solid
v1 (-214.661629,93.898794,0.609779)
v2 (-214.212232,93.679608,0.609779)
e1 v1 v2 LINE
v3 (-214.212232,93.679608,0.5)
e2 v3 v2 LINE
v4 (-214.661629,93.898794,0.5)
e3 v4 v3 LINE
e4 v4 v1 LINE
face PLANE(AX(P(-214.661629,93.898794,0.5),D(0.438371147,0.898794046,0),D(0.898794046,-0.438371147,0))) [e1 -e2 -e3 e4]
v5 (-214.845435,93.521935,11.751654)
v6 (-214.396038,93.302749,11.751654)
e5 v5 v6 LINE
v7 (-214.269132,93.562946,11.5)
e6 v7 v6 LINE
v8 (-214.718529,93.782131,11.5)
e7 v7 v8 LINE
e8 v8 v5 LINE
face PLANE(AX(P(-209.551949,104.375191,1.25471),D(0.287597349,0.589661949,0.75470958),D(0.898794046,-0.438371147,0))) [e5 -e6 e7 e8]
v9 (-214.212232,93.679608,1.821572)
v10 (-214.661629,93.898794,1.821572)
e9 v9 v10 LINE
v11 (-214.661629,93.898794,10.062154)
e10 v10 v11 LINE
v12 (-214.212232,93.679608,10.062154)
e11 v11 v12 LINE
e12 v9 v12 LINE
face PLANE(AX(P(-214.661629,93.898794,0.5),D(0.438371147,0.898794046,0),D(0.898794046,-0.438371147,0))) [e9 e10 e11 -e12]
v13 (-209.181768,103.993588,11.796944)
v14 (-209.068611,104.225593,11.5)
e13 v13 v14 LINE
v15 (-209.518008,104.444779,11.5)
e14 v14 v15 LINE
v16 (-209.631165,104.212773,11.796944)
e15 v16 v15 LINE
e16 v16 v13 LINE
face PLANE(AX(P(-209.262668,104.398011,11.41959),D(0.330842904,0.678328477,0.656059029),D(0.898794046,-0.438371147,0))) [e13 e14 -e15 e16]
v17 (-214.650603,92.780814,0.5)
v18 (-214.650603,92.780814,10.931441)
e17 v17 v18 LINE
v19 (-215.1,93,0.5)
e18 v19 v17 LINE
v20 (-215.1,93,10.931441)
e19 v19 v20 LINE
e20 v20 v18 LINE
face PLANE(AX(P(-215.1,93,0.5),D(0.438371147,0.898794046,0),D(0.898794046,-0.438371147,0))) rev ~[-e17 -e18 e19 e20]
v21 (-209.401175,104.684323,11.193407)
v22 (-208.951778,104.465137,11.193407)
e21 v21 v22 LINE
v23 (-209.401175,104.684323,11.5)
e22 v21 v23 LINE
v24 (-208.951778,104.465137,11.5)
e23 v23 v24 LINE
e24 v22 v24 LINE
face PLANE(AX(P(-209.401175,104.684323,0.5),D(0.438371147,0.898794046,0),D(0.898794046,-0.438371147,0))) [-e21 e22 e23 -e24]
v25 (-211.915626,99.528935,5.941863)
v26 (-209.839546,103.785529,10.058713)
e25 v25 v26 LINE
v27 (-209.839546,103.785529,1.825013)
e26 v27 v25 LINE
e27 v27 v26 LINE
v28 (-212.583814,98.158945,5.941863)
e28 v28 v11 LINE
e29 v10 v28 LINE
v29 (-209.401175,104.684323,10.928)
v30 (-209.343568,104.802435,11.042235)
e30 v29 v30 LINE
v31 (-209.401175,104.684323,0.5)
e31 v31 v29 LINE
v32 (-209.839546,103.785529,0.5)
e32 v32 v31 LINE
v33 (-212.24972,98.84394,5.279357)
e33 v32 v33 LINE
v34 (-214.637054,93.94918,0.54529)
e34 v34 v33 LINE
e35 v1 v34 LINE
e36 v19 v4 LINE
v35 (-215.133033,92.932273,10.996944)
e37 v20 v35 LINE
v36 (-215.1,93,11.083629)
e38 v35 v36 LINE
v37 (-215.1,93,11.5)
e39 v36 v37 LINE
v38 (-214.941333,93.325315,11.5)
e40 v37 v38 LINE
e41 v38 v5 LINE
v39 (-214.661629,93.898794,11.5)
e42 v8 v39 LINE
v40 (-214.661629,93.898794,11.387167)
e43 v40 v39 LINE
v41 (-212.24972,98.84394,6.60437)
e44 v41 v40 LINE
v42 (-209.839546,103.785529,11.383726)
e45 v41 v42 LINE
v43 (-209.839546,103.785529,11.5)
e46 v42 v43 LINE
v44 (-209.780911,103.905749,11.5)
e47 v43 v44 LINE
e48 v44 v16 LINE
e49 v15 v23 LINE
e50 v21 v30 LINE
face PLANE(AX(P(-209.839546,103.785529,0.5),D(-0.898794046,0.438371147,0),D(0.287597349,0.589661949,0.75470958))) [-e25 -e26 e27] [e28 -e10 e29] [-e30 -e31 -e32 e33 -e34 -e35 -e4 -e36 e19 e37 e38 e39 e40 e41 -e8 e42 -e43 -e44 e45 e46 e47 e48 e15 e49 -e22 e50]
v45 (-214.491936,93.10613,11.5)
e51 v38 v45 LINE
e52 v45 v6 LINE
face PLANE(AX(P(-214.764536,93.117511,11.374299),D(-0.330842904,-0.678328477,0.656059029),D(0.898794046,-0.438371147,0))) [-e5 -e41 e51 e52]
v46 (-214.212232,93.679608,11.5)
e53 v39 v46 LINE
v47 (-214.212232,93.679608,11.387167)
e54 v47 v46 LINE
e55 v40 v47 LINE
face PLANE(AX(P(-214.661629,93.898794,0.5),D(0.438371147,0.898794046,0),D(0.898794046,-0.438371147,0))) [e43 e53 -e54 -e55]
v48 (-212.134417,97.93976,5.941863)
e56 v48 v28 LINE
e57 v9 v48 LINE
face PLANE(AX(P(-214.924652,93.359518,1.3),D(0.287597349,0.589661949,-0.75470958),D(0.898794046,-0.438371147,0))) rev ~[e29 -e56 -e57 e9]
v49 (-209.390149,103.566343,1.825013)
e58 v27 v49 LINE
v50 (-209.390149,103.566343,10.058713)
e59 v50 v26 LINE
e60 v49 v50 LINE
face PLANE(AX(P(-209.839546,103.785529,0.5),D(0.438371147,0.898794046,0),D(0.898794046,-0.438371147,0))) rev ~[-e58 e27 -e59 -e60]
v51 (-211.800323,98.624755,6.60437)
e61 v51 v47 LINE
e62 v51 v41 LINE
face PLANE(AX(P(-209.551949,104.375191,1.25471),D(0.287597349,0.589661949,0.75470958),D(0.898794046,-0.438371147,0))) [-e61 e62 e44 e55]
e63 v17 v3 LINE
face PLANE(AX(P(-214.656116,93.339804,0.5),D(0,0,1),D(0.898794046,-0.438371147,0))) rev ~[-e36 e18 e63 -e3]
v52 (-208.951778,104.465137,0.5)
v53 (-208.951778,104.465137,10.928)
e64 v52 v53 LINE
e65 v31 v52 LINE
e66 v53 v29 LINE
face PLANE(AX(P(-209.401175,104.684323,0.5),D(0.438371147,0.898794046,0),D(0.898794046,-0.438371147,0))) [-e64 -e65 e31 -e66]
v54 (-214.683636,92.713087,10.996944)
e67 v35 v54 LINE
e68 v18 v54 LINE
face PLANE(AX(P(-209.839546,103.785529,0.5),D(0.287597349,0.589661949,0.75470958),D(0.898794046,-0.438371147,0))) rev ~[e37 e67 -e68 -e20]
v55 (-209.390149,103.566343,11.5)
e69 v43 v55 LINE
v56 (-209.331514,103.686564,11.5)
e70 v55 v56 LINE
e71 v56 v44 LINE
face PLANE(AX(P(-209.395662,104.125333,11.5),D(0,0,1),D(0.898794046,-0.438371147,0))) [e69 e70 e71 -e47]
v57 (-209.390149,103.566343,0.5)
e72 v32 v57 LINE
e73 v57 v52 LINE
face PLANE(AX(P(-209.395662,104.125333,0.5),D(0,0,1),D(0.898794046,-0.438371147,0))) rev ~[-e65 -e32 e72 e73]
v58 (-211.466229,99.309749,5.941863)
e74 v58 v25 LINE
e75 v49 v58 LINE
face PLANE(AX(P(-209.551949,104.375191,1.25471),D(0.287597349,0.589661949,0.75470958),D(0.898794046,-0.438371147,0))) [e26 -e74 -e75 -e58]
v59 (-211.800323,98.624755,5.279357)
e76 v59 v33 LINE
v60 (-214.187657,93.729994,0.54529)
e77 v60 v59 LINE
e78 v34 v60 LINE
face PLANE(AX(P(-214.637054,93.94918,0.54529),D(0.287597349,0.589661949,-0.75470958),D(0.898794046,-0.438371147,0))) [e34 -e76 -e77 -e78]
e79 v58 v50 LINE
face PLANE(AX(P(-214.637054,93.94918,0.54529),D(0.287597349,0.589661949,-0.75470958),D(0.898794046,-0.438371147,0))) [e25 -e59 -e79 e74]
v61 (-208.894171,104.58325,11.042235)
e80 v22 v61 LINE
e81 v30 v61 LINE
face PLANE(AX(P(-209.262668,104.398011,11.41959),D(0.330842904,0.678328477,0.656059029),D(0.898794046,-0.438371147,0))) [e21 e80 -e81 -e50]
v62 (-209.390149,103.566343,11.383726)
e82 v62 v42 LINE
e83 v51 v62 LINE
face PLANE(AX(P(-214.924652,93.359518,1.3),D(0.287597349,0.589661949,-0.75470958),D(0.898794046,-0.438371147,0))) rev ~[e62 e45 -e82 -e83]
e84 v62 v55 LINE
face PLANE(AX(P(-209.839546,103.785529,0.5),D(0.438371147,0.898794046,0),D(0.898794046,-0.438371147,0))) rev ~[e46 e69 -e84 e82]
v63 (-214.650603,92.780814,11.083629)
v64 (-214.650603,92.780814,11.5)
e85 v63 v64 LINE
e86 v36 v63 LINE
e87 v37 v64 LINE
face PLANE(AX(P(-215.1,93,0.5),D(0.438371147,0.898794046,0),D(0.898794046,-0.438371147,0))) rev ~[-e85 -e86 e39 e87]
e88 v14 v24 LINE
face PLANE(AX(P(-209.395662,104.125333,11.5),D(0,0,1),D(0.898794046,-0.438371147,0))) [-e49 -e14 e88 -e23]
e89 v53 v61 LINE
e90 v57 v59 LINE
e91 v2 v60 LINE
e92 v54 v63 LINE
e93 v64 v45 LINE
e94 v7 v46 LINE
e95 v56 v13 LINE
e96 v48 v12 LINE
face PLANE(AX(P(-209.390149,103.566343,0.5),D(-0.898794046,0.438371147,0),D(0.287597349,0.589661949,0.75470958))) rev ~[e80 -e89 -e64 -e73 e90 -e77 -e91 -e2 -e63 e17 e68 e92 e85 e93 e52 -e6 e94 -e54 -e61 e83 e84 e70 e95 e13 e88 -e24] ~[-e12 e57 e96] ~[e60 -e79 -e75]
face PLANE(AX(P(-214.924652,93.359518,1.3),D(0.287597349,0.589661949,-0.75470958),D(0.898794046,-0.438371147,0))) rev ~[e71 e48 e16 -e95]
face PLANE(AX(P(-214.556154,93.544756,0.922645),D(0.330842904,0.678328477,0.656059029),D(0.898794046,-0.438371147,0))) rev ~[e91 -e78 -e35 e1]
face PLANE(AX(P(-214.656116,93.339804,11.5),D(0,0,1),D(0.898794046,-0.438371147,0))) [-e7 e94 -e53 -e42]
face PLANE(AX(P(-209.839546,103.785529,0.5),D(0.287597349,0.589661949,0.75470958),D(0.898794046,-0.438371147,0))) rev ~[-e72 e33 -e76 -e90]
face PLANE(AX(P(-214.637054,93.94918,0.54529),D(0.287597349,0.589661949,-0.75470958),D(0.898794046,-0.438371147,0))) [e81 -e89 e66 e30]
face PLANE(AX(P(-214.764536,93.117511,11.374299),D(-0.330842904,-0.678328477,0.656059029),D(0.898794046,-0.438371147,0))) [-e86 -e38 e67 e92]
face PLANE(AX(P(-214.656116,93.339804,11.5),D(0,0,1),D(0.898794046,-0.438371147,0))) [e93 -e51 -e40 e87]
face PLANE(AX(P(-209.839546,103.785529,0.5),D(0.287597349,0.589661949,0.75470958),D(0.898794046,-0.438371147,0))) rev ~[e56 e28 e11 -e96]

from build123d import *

# Parameters (mm, degrees)
BOX212_W                  = 0.5
BOX212_H                  = 1
BOX212_DEPTH              = 11
BOX213_W                  = 0.5
BOX213_H                  = 1
BOX213_DEPTH              = 16
BOX213_ROLL_ANGLE         = 49
BOX214_W                  = 0.5
BOX214_H                  = 1
BOX214_DEPTH              = 16
BOX214_ROLL_ANGLE         = -49
BOX211_W                  = 0.5
BOX211_H                  = 1
BOX211_DEPTH              = 11
FUSION015_PLACEMENT_ANGLE = -26


with BuildPart() as cubo212:
    # Box212 → Box212 (new body)
    with BuildSketch(Plane(origin=(0, 12, 0.5), x_dir=(1, 0, 0), z_dir=(0, 0, 1))):
        with Locations((0.25, 0.5)):
            Rectangle(BOX212_W, BOX212_H)
    extrude(amount=BOX212_DEPTH)


with BuildPart() as cubo213:
    # Box213 → Box213 (new body)
    with BuildSketch(Plane.XY):
        with Locations((0.25, 0.5)):
            Rectangle(BOX213_W, BOX213_H)
    extrude(amount=BOX213_DEPTH)


with BuildPart() as cubo213_1:
    # Box213 roll: moved
    add(cubo213.part.rotate(Axis((0, 0, 0), (1, 0, 0)), BOX213_ROLL_ANGLE))


with BuildPart() as cubo213_2:
    # Box213 placement: moved
    add(cubo213_1.part.moved(Location((0, 12, 0.5))))


with BuildPart() as cubo214:
    # Box214 → Box214 (new body)
    with BuildSketch(Plane.XY):
        with Locations((0.25, 0.5)):
            Rectangle(BOX214_W, BOX214_H)
    extrude(amount=BOX214_DEPTH)


with BuildPart() as cubo214_1:
    # Box214 roll: moved
    add(cubo214.part.rotate(Axis((0, 0, 0), (1, 0, 0)), BOX214_ROLL_ANGLE))


with BuildPart() as cubo214_2:
    # Box214 placement: moved
    add(cubo214_1.part.moved(Location((0, 0.4, 1.3))))


with BuildPart() as fusion015:
    # Box211 → Box211 (new body)
    with BuildSketch(Plane.XY.offset(0.5)):
        with Locations((0.25, 0.5)):
            Rectangle(BOX211_W, BOX211_H)
    extrude(amount=BOX211_DEPTH)

    # Fusion015: union Cubo212, Cubo213, Cubo214
    add(cubo212.part)
    add(cubo213_2.part)
    add(cubo214_2.part)


with BuildPart() as fusion015_1:
    # Fusion015 placement: moved
    add(fusion015.part.moved(Location((-215.1, 93, 0))).rotate(Axis((-215.1, 93, 0), (0, 0, 1)), FUSION015_PLACEMENT_ANGLE))


solid = fusion015_1.part
